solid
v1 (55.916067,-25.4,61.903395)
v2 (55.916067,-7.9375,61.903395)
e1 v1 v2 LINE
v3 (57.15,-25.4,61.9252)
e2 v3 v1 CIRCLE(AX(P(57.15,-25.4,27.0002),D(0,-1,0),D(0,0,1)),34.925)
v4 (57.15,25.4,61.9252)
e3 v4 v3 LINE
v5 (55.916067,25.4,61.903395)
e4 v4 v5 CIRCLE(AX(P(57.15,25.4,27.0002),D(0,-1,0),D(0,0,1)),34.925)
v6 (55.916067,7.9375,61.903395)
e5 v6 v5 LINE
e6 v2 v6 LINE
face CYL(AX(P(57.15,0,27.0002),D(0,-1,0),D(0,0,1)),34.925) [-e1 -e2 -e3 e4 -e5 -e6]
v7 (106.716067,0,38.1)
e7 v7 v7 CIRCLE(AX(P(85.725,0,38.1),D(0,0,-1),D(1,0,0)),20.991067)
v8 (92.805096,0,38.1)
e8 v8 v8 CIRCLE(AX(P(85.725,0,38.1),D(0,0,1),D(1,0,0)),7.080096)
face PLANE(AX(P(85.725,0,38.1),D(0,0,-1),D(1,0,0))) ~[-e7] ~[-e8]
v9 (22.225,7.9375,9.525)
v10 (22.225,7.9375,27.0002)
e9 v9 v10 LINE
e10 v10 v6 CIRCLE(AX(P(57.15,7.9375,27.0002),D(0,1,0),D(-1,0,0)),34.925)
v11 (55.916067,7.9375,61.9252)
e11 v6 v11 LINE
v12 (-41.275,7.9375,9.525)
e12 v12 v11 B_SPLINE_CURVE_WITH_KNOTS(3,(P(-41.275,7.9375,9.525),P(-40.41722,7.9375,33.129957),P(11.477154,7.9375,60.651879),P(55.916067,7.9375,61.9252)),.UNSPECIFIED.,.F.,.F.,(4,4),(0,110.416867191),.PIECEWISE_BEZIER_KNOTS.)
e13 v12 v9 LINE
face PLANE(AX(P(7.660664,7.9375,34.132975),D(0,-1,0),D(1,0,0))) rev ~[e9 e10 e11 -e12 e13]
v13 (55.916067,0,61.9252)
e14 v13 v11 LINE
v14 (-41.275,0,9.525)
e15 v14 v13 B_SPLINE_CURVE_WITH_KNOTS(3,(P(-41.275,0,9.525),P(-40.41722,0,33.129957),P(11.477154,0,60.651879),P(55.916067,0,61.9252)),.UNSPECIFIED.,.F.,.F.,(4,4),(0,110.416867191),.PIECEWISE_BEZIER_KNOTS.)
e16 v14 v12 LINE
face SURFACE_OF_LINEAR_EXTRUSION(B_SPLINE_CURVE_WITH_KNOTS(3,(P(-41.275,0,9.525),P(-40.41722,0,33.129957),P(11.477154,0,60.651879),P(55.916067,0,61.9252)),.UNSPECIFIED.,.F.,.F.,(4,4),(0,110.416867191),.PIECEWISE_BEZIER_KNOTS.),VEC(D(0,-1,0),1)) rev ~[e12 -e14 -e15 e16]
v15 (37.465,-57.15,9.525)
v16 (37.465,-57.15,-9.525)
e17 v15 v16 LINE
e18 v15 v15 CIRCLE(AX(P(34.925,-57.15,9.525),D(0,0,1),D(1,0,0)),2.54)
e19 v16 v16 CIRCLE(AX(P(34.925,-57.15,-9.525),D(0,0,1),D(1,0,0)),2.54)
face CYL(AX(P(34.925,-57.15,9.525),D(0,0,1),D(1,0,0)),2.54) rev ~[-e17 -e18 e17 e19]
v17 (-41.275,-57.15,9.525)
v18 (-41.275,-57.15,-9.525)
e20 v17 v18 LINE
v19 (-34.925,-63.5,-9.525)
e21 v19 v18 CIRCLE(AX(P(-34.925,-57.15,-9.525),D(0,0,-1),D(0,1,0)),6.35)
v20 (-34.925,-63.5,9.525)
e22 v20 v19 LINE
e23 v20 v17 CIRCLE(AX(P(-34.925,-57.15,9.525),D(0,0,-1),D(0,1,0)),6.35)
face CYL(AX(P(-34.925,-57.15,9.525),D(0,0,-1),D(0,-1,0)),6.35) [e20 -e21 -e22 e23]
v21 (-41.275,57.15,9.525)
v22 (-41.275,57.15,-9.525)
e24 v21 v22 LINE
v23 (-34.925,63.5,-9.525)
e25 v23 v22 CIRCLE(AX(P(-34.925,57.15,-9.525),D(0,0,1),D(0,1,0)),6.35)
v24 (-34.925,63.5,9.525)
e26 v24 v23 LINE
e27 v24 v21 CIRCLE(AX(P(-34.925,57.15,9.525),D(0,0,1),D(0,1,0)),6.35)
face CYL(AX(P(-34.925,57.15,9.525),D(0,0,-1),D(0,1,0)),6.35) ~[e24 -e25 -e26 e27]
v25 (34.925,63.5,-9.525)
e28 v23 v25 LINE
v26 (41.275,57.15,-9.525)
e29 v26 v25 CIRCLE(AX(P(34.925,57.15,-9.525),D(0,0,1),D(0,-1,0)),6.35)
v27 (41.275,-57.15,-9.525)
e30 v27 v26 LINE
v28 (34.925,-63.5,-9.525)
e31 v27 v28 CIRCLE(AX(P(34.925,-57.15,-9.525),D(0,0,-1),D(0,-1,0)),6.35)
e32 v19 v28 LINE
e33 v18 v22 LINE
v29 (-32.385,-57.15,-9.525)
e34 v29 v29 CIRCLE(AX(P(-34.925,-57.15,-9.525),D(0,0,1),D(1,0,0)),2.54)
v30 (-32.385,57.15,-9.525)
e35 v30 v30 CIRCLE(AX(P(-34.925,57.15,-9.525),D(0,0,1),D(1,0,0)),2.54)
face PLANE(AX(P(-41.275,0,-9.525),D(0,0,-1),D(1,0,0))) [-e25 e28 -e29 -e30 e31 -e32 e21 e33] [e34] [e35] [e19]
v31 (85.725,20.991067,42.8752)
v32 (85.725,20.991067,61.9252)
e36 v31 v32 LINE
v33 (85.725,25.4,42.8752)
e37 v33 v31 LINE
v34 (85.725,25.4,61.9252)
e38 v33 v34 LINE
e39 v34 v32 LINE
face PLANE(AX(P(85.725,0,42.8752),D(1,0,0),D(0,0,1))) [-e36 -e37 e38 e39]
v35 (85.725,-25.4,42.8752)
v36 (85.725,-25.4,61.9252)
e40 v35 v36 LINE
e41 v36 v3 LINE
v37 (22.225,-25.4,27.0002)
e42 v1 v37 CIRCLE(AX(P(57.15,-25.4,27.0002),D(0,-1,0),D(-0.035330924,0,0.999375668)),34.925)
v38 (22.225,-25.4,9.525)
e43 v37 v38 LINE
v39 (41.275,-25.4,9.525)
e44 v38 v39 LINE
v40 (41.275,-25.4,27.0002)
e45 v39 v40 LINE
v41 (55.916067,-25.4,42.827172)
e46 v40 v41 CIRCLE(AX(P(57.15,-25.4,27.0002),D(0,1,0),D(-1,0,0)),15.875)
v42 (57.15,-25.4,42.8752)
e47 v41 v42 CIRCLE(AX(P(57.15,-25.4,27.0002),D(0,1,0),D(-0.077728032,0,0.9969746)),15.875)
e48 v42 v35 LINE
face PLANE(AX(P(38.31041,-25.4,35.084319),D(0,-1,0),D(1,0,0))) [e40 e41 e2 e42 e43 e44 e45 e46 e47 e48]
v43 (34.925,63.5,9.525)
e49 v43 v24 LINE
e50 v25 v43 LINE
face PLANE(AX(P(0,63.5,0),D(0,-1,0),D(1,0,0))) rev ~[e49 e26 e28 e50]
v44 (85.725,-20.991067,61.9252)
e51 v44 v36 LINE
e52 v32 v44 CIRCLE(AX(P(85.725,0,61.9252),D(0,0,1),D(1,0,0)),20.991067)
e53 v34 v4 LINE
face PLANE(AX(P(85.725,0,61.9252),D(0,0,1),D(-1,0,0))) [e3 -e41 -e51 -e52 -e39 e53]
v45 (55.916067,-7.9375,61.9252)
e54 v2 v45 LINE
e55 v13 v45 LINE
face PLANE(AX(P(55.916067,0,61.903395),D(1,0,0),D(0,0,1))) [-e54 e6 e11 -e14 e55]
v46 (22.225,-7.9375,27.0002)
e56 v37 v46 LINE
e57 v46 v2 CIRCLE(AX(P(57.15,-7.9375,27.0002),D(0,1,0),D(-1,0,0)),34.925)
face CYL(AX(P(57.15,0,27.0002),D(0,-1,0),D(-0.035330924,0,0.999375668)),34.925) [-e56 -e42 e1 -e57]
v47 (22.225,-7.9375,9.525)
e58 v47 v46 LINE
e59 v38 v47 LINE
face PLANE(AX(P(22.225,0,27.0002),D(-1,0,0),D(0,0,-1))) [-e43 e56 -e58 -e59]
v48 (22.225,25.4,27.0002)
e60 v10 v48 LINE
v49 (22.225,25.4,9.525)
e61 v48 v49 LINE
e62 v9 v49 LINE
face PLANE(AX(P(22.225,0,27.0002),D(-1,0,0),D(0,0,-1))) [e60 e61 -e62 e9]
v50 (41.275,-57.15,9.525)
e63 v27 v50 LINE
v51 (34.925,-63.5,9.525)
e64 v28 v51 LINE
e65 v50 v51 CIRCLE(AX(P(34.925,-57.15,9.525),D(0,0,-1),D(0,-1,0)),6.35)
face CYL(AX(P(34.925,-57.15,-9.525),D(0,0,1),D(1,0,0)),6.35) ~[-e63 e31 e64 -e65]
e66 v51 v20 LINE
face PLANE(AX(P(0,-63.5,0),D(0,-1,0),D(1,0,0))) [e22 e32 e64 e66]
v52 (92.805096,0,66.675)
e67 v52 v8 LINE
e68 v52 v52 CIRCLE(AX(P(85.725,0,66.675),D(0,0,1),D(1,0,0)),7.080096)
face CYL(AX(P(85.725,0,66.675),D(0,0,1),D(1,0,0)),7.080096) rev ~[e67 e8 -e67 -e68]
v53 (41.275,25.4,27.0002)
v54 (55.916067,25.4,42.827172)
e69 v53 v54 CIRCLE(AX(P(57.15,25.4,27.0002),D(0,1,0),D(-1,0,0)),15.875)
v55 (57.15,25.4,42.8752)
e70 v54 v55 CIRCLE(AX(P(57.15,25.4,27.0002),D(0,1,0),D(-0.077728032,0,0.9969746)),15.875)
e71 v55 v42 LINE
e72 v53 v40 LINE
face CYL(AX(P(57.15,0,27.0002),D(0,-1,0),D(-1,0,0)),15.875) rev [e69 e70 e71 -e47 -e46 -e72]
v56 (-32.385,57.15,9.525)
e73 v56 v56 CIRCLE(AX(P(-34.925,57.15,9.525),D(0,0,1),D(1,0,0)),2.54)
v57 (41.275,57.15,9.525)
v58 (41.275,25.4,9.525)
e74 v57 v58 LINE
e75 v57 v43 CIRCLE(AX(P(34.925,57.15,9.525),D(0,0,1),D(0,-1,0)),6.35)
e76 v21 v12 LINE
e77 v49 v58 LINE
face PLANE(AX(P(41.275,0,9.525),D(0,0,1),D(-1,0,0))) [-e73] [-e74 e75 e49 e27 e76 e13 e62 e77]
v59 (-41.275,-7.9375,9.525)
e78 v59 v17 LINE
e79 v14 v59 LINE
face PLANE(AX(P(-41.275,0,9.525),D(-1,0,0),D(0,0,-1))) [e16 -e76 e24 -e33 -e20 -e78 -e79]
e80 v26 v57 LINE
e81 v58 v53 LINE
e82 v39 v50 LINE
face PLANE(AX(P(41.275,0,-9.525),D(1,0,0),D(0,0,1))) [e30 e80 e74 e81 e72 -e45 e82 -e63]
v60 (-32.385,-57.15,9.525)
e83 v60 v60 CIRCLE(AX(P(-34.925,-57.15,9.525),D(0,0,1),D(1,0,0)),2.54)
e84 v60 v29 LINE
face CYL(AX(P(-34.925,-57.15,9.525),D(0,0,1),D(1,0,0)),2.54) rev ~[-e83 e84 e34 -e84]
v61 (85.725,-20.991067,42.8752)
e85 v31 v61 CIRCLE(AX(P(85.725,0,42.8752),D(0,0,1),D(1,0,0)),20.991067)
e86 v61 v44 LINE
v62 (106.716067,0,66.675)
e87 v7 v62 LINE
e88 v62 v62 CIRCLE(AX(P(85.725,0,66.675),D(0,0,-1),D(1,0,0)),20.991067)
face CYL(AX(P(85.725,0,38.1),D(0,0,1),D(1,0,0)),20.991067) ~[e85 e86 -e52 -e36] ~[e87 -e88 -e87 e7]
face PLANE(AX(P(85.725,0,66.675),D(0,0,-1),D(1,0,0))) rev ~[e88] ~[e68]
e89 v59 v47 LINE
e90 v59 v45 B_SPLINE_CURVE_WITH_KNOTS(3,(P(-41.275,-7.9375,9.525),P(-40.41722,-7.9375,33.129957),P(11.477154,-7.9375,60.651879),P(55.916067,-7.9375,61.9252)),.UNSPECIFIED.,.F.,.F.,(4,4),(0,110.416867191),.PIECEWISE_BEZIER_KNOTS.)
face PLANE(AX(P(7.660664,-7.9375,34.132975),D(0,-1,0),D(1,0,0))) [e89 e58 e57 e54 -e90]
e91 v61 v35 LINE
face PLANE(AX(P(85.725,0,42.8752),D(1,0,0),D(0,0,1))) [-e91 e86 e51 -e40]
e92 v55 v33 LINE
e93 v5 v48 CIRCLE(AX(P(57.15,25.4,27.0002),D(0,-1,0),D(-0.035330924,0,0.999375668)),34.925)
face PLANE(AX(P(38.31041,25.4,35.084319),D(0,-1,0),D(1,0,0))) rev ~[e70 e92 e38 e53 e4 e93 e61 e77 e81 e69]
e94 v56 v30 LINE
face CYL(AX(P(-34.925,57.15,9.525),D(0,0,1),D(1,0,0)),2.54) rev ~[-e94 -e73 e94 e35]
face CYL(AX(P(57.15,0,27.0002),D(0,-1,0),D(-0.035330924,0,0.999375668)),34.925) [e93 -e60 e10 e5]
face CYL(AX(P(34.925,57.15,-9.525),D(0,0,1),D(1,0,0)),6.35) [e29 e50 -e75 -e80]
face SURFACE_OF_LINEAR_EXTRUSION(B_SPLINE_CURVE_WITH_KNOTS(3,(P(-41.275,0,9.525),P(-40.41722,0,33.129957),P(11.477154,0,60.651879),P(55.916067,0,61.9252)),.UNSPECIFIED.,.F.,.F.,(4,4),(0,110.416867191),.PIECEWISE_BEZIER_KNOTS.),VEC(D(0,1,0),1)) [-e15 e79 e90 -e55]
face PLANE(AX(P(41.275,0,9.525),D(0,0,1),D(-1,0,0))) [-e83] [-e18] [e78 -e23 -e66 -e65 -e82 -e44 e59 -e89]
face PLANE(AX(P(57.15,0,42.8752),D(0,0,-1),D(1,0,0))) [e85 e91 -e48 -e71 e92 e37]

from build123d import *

# Parameters (mm, degrees)
F1_DEPTH  = 63.5
F2_DEPTH  = 25.4
F3_DEPTH  = 7.9375
F4_R      = 6.35
F6_R      = 7.0800960526
F7_DEPTH  = 34.544
F8_R      = 2.54
F9_DEPTH  = 25.4
F10_R     = 2.54
F11_DEPTH = 25.4
F12_DEPTH = 25.4


with BuildPart() as f1:
    # F0 (on Front) → F1 (new body, symmetric)
    with BuildSketch(Plane.XZ):
        Polygon((41.275, -9.525), (41.275, 9.525), (22.225, 9.525), (-41.275, 9.525), (-41.275, -9.525), align=None)
    extrude(amount=F1_DEPTH, both=True)

    # F0 (on Front) → F2 (join, symmetric)
    with BuildSketch(Plane.XZ):
        with BuildLine():
            Line((22.225, 9.525), (41.275, 9.525))
            Line((41.275, 9.525), (41.275, 27.0002))
            ThreePointArc((41.275, 27.0002), (45.4965819701, 37.7804353045), (55.9160674925, 42.827171775))
            Line((55.9160674925, 42.827171775), (55.9160674925, 61.9033952057))
            ThreePointArc((55.9160674925, 61.9033952057), (32.0218214167, 51.2557203219), (22.225, 27.0002))
            Line((22.225, 27.0002), (22.225, 9.525))
        make_face()
        with BuildLine():
            Line((55.9160674925, 61.9033952057), (55.9160674925, 42.827171775))
            ThreePointArc((55.9160674925, 42.827171775), (56.5325665737, 42.8631883995), (57.15, 42.8752))
            Line((57.15, 42.8752), (85.725, 42.8752))
            Line((85.725, 42.8752), (85.725, 61.9252))
            Line((85.725, 61.9252), (57.15, 61.9252))
            ThreePointArc((57.15, 61.9252), (56.5329374257, 61.9197483759), (55.9160674925, 61.9033952057))
        make_face()
    extrude(amount=F2_DEPTH, both=True)

    # F0 (on Front) → F3 (join, symmetric)
    with BuildSketch(Plane.XZ):
        with BuildLine():
            Line((-41.275, 9.525), (22.225, 9.525))
            Line((22.225, 9.525), (22.225, 27.0002))
            ThreePointArc((22.225, 27.0002), (32.0218214167, 51.2557203219), (55.9160674925, 61.9033952057))
            Line((55.9160674925, 61.9033952057), (55.9160674925, 61.9252))
            add(Edge.make_bspline(
                [(-41.275, 9.525), (-40.4172204435, 33.1299565732), (11.4771540301, 60.651878911), (55.9160674925, 61.9252)],
                knots=[0, 0, 0, 0, 110.4168671914, 110.4168671914, 110.4168671914, 110.4168671914], degree=3))
        make_face()
    extrude(amount=F3_DEPTH, both=True)

    # F4
    f4_edges = [f1.edges().sort_by_distance(p)[0] for p in [
        (41.275, -63.5, 0),
        (-41.275, -63.5, 0),
        (41.275, 63.5, 0),
        (-41.275, 63.5, 0),
    ]]
    fillet(f4_edges, radius=F4_R)

    # F0 (on Front) → F5 (revolve)
    with BuildSketch(Plane.XZ):
        Polygon((85.725, 42.8752), (85.725, 38.1), (106.7160674925, 38.1), (106.7160674925, 66.675), (85.725, 66.675), (85.725, 61.9252), align=None)
    revolve(axis=Axis((85.725, 0, 52.3875), (0, 0, -1)))

    # F6 (on face) → F7 (cut)
    with BuildSketch(Plane.XY.offset(66.675)):
        with Locations((85.725, 0)):
            Circle(F6_R)
    extrude(amount=-F7_DEPTH, mode=Mode.SUBTRACT)

    # F8 (on face) → F9 (cut)
    with BuildSketch(Plane.XY.offset(9.525)):
        with Locations((-34.925, -57.15)):
            Circle(F8_R)
    extrude(amount=-F9_DEPTH, mode=Mode.SUBTRACT)

    # F10 (on face) → F11 (cut)
    with BuildSketch(Plane.XY.offset(9.525)):
        with Locations((-34.925, 57.15)):
            Circle(F10_R)
    extrude(amount=-F11_DEPTH, mode=Mode.SUBTRACT)

    # F8 (on face) → F12 (cut)
    with BuildSketch(Plane.XY.offset(9.525)):
        with Locations((34.925, -57.15)):
            Circle(F8_R)
    extrude(amount=-F12_DEPTH, mode=Mode.SUBTRACT)


solid = f1.part
